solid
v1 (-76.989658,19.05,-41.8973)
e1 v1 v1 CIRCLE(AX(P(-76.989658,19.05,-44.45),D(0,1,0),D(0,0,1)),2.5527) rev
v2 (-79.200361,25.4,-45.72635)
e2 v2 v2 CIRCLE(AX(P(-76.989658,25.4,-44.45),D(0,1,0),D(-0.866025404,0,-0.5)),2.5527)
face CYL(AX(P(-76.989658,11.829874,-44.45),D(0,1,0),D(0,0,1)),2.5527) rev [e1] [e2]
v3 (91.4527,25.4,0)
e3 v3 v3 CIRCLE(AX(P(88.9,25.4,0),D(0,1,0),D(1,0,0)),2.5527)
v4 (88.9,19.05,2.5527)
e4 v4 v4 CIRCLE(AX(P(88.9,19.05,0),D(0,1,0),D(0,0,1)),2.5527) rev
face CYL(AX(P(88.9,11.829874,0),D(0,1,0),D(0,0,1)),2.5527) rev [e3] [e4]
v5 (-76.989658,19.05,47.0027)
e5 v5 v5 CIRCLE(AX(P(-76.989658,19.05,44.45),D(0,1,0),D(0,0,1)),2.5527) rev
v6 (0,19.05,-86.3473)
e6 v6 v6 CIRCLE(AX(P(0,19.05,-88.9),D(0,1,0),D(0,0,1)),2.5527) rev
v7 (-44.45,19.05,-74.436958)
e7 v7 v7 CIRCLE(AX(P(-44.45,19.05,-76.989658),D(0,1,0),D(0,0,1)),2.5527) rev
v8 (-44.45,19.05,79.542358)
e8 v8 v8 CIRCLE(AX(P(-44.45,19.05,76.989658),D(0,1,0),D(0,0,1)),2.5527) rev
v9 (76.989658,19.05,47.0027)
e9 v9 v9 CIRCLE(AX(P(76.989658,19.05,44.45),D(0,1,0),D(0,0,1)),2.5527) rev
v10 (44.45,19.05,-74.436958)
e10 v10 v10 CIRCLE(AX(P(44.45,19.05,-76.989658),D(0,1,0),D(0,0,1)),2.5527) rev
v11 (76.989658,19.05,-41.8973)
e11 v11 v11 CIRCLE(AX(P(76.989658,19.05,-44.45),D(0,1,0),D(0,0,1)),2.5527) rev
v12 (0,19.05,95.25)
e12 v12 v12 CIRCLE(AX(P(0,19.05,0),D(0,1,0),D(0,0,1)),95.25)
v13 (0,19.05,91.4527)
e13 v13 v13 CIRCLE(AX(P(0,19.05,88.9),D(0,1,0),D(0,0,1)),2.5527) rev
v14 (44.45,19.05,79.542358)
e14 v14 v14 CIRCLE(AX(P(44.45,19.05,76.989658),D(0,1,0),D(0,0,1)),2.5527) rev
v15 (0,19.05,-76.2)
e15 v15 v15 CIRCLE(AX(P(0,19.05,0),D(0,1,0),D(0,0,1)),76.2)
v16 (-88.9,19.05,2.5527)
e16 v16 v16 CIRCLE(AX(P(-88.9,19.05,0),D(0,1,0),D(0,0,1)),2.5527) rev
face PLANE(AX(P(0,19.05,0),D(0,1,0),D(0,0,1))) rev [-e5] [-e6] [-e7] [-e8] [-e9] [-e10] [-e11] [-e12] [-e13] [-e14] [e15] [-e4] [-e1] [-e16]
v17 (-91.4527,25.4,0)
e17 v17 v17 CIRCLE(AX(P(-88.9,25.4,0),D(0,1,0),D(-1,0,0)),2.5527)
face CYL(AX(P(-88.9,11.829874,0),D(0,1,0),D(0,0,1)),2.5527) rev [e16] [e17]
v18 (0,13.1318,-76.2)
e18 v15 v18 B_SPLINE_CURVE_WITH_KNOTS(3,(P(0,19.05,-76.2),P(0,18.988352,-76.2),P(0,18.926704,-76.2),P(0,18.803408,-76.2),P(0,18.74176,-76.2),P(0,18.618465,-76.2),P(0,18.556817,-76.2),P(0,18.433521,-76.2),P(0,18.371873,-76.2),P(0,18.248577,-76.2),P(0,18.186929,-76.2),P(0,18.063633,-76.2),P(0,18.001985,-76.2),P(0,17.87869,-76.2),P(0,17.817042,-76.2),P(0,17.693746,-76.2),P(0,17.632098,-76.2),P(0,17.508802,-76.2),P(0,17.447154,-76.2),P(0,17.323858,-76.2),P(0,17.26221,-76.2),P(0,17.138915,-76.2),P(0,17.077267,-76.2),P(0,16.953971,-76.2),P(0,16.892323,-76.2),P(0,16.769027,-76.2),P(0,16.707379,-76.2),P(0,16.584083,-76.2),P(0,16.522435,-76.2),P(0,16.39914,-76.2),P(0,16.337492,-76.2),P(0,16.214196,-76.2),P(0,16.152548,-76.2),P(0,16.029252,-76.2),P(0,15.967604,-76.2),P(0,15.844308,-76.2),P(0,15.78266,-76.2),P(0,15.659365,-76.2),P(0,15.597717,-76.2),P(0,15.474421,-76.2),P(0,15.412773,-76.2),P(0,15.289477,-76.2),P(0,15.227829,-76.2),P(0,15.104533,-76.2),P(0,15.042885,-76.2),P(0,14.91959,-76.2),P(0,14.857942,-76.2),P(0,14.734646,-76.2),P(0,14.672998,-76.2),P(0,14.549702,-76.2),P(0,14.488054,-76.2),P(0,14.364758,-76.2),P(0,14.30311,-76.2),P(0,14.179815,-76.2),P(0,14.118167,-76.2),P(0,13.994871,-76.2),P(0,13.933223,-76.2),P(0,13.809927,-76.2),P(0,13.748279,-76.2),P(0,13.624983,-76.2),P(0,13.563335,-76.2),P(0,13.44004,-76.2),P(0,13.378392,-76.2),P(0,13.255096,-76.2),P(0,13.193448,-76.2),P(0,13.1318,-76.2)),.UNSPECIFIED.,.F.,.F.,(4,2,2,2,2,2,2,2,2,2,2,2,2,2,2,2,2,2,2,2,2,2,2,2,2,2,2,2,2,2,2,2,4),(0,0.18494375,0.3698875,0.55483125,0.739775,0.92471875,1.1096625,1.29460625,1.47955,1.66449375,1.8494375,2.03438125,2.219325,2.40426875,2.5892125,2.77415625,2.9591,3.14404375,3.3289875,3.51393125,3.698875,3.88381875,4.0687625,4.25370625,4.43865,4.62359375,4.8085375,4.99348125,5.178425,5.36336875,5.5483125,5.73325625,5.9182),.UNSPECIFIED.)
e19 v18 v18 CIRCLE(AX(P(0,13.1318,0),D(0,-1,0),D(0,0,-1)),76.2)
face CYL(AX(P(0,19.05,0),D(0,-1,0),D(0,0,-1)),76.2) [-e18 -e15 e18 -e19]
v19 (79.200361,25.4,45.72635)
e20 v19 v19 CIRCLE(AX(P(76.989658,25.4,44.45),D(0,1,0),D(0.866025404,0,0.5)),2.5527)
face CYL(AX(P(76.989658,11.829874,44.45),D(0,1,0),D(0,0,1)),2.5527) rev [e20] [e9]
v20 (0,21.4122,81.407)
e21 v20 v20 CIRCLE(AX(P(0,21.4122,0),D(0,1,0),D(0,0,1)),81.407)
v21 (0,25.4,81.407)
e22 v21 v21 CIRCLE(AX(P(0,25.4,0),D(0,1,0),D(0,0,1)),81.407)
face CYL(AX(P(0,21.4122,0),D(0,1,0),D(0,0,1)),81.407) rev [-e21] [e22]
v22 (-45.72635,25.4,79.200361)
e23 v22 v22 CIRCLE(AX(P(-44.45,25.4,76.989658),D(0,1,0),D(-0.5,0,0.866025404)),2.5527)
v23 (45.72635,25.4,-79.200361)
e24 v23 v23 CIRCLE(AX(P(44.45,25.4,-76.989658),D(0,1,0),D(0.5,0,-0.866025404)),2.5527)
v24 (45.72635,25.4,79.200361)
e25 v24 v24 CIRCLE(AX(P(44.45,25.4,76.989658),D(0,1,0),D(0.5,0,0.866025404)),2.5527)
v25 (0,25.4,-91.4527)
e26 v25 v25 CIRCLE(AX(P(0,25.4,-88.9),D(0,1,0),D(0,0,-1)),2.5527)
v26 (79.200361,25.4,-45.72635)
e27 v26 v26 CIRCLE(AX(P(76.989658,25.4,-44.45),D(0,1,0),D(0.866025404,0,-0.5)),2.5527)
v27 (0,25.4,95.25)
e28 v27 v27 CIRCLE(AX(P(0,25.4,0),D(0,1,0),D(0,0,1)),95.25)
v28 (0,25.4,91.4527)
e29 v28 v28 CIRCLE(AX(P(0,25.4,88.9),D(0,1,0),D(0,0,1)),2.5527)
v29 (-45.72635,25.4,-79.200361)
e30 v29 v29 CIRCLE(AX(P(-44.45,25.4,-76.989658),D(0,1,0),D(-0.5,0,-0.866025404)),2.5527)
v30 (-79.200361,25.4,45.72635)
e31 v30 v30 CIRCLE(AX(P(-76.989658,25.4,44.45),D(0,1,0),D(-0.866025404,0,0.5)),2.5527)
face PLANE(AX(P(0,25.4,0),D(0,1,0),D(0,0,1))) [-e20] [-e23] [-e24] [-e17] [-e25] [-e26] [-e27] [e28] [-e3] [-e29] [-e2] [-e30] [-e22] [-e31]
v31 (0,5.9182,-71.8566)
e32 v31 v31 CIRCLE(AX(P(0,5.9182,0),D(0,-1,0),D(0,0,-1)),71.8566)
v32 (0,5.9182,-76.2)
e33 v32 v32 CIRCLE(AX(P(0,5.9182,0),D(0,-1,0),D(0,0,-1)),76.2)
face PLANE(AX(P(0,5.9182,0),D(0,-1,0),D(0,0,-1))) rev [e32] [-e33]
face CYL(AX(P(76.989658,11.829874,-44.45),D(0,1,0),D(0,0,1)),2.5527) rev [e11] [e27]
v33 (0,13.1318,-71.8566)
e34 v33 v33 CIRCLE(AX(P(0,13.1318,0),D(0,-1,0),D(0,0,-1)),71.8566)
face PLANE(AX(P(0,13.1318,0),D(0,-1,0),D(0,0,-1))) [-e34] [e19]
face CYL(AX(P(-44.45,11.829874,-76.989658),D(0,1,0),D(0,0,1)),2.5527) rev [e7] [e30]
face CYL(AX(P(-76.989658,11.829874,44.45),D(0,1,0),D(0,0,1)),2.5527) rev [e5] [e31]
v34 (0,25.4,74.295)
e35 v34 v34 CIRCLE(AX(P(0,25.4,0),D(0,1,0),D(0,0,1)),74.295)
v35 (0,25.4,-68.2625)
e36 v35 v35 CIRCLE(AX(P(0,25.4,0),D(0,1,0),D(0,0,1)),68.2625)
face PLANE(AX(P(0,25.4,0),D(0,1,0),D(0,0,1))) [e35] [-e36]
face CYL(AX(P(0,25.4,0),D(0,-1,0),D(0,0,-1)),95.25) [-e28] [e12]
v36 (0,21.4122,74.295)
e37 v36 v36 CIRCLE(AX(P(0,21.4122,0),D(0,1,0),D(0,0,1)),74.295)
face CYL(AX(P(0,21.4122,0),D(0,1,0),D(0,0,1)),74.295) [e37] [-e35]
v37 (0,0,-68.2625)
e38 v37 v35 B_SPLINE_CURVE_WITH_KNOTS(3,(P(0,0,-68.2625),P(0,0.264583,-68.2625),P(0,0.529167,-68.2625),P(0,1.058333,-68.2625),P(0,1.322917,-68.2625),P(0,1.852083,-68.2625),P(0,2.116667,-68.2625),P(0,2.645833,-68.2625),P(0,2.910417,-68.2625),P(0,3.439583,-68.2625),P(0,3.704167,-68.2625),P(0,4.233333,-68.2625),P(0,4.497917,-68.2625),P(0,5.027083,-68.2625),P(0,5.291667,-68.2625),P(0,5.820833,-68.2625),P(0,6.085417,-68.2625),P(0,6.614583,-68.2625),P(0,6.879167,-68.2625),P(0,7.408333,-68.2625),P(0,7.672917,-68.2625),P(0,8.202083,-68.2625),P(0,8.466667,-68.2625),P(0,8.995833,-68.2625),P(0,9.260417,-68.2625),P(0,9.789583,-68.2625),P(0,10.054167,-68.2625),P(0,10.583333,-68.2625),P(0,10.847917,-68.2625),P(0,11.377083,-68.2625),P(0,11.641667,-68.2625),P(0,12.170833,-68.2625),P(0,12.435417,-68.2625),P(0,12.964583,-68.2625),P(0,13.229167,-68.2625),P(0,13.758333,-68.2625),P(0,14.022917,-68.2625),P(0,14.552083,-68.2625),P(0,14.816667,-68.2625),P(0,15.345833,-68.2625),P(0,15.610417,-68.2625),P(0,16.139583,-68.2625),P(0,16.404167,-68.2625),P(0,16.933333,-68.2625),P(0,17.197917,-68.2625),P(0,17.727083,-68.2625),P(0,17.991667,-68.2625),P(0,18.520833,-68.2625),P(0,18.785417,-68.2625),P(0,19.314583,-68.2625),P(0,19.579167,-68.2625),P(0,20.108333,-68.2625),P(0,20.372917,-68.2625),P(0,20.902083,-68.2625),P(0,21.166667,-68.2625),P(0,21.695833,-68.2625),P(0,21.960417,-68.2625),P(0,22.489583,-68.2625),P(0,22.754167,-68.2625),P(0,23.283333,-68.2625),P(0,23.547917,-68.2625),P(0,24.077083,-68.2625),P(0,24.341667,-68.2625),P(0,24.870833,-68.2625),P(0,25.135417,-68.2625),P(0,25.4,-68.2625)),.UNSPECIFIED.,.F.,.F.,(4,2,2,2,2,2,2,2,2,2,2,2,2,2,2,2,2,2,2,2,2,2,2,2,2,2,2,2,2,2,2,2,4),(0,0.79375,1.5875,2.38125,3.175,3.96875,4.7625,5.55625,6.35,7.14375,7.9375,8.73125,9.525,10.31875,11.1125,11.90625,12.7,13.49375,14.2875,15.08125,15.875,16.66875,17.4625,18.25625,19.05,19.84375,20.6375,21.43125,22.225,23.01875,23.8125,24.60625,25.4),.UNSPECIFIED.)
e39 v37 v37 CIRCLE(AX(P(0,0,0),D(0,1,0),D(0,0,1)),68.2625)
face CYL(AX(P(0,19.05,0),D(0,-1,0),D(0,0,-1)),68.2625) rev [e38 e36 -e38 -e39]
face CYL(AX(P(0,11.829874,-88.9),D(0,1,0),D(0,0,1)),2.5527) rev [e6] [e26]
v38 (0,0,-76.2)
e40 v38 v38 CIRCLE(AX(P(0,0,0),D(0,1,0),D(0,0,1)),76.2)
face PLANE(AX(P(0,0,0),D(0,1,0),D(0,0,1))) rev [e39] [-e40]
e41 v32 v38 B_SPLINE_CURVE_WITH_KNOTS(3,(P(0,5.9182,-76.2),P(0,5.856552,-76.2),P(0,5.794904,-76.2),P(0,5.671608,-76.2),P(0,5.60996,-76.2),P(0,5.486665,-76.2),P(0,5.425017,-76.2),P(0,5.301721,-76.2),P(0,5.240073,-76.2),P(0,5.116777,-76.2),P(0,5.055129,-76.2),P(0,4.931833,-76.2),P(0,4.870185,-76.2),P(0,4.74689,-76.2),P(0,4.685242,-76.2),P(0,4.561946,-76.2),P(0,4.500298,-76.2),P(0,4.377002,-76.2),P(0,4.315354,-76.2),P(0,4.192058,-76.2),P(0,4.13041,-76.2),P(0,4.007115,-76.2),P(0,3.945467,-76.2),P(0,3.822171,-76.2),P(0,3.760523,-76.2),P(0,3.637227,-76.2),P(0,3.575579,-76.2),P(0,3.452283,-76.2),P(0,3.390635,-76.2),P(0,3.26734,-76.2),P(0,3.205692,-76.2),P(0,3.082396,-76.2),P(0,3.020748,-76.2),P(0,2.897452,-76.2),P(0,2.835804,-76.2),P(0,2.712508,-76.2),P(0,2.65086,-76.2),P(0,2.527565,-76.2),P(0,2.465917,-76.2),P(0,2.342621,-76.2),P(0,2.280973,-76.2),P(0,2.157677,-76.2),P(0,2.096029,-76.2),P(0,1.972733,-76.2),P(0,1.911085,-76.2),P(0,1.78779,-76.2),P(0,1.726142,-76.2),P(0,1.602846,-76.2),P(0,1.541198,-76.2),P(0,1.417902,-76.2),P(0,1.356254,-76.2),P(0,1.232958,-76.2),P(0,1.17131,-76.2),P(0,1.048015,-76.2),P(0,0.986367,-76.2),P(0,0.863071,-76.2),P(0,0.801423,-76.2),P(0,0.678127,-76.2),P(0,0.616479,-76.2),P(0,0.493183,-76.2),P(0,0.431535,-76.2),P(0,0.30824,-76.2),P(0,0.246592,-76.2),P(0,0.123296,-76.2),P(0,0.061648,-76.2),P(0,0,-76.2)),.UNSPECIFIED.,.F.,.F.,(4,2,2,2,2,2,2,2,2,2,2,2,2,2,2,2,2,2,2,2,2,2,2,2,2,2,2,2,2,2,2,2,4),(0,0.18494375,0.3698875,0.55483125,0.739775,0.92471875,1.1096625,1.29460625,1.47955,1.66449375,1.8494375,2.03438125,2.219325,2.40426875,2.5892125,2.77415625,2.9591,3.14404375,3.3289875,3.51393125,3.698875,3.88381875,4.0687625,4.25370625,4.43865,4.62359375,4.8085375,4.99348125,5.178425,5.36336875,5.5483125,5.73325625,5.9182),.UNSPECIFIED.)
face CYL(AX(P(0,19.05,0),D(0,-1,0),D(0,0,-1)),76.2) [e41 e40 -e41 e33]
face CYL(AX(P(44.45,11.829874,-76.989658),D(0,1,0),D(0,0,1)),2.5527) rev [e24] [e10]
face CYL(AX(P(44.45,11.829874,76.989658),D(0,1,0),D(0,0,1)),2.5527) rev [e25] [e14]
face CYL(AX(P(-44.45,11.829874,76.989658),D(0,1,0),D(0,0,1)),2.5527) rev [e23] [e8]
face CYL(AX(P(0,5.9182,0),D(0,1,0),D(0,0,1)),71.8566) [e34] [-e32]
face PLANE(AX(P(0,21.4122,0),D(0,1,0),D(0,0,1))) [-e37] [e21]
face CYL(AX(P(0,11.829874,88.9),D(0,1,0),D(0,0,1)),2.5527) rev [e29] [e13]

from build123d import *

# Parameters (mm, degrees)
SKETCH1_R               = 76.2
SKETCH1_R_2             = 68.2625
INNER_CYLINDER_DEPTH    = 19.05
SKETCH2_R               = 95.25
SKETCH2_R_2             = 68.2625
FLANGE_DEPTH            = 6.35
SKETCH4_R               = 81.407
SKETCH4_R_2             = 74.295
GROOVE_DEPTH            = 3.9878
SKETCH5_R               = 2.5527
SCREW_HOLES_DEPTH       = 6.35
CIRPATTERN1_COUNT       = 12
CUT_EXTRUDE1_DEPTH      = 3.6068
CUT_EXTRUDE1_DEPTH_BACK = 3.6068
SKETCH7_R               = 76.2
SKETCH7_R_2             = 71.8566


with BuildPart() as part:
    # Sketch1 → Inner Cylinder (new body)
    with BuildSketch(Plane(origin=(0, 0, 0), x_dir=(1, 0, 0), z_dir=(0, 1, 0))):
        with Locations(Location((0, 0, 0), (0, 0, 90))):
            Circle(SKETCH1_R)
        with Locations(Location((0, 0, 0), (0, 0, 90))):
            Circle(SKETCH1_R_2, mode=Mode.SUBTRACT)
    extrude(amount=INNER_CYLINDER_DEPTH)

    # Sketch2 → Flange (add)
    with BuildSketch(Plane(origin=(0, 19.05, 0), x_dir=(1, 0, 0), z_dir=(0, 1, 0))):
        with Locations(Location((0, 0, 0), (0, 0, 270))):
            Circle(SKETCH2_R)
        with Locations(Location((0, 0, 0), (0, 0, 90))):
            Circle(SKETCH2_R_2, mode=Mode.SUBTRACT)
    extrude(amount=FLANGE_DEPTH)

    # Sketch4 → Groove (cut)
    with BuildSketch(Plane(origin=(0, 25.4, 0), x_dir=(1, 0, 0), z_dir=(0, 1, 0))):
        with Locations(Location((0, 0, 0), (0, 0, 270))):
            Circle(SKETCH4_R)
        with Locations(Location((0, 0, 0), (0, 0, 270))):
            Circle(SKETCH4_R_2, mode=Mode.SUBTRACT)
    extrude(amount=-GROOVE_DEPTH, mode=Mode.SUBTRACT)

    # Sketch5 → Screw Holes (cut)
    with BuildSketch(Plane(origin=(0, 25.4, 0), x_dir=(1, 0, 0), z_dir=(0, 1, 0))):
        with Locations(Location((0, -88.9, 0), (0, 0, 270))):
            Circle(SKETCH5_R)
    screw_holes = extrude(amount=-SCREW_HOLES_DEPTH, mode=Mode.SUBTRACT)

    # CirPattern1: Screw Holes ×12 about axis
    cirpattern1_axis = Axis((0, 0, 0), (0, 1, 0))
    for i in range(1, CIRPATTERN1_COUNT):
        add(screw_holes.rotate(cirpattern1_axis, i * 360 / CIRPATTERN1_COUNT), mode=Mode.SUBTRACT)

    # Sketch7 → Cut-Extrude1 (cut, two sides: drawn at the far end of the back side and taken through both)
    with BuildSketch(Plane(origin=(0, 9.525, 0), x_dir=(-1, 0, 0), z_dir=(0, -1, 0)).offset(-CUT_EXTRUDE1_DEPTH_BACK)):
        with Locations(Location((0, 0, 0), (0, 0, 90))):
            Circle(SKETCH7_R)
        with Locations(Location((0, 0, 0), (0, 0, 90))):
            Circle(SKETCH7_R_2, mode=Mode.SUBTRACT)
    extrude(amount=CUT_EXTRUDE1_DEPTH + CUT_EXTRUDE1_DEPTH_BACK, mode=Mode.SUBTRACT)


solid = part.part
